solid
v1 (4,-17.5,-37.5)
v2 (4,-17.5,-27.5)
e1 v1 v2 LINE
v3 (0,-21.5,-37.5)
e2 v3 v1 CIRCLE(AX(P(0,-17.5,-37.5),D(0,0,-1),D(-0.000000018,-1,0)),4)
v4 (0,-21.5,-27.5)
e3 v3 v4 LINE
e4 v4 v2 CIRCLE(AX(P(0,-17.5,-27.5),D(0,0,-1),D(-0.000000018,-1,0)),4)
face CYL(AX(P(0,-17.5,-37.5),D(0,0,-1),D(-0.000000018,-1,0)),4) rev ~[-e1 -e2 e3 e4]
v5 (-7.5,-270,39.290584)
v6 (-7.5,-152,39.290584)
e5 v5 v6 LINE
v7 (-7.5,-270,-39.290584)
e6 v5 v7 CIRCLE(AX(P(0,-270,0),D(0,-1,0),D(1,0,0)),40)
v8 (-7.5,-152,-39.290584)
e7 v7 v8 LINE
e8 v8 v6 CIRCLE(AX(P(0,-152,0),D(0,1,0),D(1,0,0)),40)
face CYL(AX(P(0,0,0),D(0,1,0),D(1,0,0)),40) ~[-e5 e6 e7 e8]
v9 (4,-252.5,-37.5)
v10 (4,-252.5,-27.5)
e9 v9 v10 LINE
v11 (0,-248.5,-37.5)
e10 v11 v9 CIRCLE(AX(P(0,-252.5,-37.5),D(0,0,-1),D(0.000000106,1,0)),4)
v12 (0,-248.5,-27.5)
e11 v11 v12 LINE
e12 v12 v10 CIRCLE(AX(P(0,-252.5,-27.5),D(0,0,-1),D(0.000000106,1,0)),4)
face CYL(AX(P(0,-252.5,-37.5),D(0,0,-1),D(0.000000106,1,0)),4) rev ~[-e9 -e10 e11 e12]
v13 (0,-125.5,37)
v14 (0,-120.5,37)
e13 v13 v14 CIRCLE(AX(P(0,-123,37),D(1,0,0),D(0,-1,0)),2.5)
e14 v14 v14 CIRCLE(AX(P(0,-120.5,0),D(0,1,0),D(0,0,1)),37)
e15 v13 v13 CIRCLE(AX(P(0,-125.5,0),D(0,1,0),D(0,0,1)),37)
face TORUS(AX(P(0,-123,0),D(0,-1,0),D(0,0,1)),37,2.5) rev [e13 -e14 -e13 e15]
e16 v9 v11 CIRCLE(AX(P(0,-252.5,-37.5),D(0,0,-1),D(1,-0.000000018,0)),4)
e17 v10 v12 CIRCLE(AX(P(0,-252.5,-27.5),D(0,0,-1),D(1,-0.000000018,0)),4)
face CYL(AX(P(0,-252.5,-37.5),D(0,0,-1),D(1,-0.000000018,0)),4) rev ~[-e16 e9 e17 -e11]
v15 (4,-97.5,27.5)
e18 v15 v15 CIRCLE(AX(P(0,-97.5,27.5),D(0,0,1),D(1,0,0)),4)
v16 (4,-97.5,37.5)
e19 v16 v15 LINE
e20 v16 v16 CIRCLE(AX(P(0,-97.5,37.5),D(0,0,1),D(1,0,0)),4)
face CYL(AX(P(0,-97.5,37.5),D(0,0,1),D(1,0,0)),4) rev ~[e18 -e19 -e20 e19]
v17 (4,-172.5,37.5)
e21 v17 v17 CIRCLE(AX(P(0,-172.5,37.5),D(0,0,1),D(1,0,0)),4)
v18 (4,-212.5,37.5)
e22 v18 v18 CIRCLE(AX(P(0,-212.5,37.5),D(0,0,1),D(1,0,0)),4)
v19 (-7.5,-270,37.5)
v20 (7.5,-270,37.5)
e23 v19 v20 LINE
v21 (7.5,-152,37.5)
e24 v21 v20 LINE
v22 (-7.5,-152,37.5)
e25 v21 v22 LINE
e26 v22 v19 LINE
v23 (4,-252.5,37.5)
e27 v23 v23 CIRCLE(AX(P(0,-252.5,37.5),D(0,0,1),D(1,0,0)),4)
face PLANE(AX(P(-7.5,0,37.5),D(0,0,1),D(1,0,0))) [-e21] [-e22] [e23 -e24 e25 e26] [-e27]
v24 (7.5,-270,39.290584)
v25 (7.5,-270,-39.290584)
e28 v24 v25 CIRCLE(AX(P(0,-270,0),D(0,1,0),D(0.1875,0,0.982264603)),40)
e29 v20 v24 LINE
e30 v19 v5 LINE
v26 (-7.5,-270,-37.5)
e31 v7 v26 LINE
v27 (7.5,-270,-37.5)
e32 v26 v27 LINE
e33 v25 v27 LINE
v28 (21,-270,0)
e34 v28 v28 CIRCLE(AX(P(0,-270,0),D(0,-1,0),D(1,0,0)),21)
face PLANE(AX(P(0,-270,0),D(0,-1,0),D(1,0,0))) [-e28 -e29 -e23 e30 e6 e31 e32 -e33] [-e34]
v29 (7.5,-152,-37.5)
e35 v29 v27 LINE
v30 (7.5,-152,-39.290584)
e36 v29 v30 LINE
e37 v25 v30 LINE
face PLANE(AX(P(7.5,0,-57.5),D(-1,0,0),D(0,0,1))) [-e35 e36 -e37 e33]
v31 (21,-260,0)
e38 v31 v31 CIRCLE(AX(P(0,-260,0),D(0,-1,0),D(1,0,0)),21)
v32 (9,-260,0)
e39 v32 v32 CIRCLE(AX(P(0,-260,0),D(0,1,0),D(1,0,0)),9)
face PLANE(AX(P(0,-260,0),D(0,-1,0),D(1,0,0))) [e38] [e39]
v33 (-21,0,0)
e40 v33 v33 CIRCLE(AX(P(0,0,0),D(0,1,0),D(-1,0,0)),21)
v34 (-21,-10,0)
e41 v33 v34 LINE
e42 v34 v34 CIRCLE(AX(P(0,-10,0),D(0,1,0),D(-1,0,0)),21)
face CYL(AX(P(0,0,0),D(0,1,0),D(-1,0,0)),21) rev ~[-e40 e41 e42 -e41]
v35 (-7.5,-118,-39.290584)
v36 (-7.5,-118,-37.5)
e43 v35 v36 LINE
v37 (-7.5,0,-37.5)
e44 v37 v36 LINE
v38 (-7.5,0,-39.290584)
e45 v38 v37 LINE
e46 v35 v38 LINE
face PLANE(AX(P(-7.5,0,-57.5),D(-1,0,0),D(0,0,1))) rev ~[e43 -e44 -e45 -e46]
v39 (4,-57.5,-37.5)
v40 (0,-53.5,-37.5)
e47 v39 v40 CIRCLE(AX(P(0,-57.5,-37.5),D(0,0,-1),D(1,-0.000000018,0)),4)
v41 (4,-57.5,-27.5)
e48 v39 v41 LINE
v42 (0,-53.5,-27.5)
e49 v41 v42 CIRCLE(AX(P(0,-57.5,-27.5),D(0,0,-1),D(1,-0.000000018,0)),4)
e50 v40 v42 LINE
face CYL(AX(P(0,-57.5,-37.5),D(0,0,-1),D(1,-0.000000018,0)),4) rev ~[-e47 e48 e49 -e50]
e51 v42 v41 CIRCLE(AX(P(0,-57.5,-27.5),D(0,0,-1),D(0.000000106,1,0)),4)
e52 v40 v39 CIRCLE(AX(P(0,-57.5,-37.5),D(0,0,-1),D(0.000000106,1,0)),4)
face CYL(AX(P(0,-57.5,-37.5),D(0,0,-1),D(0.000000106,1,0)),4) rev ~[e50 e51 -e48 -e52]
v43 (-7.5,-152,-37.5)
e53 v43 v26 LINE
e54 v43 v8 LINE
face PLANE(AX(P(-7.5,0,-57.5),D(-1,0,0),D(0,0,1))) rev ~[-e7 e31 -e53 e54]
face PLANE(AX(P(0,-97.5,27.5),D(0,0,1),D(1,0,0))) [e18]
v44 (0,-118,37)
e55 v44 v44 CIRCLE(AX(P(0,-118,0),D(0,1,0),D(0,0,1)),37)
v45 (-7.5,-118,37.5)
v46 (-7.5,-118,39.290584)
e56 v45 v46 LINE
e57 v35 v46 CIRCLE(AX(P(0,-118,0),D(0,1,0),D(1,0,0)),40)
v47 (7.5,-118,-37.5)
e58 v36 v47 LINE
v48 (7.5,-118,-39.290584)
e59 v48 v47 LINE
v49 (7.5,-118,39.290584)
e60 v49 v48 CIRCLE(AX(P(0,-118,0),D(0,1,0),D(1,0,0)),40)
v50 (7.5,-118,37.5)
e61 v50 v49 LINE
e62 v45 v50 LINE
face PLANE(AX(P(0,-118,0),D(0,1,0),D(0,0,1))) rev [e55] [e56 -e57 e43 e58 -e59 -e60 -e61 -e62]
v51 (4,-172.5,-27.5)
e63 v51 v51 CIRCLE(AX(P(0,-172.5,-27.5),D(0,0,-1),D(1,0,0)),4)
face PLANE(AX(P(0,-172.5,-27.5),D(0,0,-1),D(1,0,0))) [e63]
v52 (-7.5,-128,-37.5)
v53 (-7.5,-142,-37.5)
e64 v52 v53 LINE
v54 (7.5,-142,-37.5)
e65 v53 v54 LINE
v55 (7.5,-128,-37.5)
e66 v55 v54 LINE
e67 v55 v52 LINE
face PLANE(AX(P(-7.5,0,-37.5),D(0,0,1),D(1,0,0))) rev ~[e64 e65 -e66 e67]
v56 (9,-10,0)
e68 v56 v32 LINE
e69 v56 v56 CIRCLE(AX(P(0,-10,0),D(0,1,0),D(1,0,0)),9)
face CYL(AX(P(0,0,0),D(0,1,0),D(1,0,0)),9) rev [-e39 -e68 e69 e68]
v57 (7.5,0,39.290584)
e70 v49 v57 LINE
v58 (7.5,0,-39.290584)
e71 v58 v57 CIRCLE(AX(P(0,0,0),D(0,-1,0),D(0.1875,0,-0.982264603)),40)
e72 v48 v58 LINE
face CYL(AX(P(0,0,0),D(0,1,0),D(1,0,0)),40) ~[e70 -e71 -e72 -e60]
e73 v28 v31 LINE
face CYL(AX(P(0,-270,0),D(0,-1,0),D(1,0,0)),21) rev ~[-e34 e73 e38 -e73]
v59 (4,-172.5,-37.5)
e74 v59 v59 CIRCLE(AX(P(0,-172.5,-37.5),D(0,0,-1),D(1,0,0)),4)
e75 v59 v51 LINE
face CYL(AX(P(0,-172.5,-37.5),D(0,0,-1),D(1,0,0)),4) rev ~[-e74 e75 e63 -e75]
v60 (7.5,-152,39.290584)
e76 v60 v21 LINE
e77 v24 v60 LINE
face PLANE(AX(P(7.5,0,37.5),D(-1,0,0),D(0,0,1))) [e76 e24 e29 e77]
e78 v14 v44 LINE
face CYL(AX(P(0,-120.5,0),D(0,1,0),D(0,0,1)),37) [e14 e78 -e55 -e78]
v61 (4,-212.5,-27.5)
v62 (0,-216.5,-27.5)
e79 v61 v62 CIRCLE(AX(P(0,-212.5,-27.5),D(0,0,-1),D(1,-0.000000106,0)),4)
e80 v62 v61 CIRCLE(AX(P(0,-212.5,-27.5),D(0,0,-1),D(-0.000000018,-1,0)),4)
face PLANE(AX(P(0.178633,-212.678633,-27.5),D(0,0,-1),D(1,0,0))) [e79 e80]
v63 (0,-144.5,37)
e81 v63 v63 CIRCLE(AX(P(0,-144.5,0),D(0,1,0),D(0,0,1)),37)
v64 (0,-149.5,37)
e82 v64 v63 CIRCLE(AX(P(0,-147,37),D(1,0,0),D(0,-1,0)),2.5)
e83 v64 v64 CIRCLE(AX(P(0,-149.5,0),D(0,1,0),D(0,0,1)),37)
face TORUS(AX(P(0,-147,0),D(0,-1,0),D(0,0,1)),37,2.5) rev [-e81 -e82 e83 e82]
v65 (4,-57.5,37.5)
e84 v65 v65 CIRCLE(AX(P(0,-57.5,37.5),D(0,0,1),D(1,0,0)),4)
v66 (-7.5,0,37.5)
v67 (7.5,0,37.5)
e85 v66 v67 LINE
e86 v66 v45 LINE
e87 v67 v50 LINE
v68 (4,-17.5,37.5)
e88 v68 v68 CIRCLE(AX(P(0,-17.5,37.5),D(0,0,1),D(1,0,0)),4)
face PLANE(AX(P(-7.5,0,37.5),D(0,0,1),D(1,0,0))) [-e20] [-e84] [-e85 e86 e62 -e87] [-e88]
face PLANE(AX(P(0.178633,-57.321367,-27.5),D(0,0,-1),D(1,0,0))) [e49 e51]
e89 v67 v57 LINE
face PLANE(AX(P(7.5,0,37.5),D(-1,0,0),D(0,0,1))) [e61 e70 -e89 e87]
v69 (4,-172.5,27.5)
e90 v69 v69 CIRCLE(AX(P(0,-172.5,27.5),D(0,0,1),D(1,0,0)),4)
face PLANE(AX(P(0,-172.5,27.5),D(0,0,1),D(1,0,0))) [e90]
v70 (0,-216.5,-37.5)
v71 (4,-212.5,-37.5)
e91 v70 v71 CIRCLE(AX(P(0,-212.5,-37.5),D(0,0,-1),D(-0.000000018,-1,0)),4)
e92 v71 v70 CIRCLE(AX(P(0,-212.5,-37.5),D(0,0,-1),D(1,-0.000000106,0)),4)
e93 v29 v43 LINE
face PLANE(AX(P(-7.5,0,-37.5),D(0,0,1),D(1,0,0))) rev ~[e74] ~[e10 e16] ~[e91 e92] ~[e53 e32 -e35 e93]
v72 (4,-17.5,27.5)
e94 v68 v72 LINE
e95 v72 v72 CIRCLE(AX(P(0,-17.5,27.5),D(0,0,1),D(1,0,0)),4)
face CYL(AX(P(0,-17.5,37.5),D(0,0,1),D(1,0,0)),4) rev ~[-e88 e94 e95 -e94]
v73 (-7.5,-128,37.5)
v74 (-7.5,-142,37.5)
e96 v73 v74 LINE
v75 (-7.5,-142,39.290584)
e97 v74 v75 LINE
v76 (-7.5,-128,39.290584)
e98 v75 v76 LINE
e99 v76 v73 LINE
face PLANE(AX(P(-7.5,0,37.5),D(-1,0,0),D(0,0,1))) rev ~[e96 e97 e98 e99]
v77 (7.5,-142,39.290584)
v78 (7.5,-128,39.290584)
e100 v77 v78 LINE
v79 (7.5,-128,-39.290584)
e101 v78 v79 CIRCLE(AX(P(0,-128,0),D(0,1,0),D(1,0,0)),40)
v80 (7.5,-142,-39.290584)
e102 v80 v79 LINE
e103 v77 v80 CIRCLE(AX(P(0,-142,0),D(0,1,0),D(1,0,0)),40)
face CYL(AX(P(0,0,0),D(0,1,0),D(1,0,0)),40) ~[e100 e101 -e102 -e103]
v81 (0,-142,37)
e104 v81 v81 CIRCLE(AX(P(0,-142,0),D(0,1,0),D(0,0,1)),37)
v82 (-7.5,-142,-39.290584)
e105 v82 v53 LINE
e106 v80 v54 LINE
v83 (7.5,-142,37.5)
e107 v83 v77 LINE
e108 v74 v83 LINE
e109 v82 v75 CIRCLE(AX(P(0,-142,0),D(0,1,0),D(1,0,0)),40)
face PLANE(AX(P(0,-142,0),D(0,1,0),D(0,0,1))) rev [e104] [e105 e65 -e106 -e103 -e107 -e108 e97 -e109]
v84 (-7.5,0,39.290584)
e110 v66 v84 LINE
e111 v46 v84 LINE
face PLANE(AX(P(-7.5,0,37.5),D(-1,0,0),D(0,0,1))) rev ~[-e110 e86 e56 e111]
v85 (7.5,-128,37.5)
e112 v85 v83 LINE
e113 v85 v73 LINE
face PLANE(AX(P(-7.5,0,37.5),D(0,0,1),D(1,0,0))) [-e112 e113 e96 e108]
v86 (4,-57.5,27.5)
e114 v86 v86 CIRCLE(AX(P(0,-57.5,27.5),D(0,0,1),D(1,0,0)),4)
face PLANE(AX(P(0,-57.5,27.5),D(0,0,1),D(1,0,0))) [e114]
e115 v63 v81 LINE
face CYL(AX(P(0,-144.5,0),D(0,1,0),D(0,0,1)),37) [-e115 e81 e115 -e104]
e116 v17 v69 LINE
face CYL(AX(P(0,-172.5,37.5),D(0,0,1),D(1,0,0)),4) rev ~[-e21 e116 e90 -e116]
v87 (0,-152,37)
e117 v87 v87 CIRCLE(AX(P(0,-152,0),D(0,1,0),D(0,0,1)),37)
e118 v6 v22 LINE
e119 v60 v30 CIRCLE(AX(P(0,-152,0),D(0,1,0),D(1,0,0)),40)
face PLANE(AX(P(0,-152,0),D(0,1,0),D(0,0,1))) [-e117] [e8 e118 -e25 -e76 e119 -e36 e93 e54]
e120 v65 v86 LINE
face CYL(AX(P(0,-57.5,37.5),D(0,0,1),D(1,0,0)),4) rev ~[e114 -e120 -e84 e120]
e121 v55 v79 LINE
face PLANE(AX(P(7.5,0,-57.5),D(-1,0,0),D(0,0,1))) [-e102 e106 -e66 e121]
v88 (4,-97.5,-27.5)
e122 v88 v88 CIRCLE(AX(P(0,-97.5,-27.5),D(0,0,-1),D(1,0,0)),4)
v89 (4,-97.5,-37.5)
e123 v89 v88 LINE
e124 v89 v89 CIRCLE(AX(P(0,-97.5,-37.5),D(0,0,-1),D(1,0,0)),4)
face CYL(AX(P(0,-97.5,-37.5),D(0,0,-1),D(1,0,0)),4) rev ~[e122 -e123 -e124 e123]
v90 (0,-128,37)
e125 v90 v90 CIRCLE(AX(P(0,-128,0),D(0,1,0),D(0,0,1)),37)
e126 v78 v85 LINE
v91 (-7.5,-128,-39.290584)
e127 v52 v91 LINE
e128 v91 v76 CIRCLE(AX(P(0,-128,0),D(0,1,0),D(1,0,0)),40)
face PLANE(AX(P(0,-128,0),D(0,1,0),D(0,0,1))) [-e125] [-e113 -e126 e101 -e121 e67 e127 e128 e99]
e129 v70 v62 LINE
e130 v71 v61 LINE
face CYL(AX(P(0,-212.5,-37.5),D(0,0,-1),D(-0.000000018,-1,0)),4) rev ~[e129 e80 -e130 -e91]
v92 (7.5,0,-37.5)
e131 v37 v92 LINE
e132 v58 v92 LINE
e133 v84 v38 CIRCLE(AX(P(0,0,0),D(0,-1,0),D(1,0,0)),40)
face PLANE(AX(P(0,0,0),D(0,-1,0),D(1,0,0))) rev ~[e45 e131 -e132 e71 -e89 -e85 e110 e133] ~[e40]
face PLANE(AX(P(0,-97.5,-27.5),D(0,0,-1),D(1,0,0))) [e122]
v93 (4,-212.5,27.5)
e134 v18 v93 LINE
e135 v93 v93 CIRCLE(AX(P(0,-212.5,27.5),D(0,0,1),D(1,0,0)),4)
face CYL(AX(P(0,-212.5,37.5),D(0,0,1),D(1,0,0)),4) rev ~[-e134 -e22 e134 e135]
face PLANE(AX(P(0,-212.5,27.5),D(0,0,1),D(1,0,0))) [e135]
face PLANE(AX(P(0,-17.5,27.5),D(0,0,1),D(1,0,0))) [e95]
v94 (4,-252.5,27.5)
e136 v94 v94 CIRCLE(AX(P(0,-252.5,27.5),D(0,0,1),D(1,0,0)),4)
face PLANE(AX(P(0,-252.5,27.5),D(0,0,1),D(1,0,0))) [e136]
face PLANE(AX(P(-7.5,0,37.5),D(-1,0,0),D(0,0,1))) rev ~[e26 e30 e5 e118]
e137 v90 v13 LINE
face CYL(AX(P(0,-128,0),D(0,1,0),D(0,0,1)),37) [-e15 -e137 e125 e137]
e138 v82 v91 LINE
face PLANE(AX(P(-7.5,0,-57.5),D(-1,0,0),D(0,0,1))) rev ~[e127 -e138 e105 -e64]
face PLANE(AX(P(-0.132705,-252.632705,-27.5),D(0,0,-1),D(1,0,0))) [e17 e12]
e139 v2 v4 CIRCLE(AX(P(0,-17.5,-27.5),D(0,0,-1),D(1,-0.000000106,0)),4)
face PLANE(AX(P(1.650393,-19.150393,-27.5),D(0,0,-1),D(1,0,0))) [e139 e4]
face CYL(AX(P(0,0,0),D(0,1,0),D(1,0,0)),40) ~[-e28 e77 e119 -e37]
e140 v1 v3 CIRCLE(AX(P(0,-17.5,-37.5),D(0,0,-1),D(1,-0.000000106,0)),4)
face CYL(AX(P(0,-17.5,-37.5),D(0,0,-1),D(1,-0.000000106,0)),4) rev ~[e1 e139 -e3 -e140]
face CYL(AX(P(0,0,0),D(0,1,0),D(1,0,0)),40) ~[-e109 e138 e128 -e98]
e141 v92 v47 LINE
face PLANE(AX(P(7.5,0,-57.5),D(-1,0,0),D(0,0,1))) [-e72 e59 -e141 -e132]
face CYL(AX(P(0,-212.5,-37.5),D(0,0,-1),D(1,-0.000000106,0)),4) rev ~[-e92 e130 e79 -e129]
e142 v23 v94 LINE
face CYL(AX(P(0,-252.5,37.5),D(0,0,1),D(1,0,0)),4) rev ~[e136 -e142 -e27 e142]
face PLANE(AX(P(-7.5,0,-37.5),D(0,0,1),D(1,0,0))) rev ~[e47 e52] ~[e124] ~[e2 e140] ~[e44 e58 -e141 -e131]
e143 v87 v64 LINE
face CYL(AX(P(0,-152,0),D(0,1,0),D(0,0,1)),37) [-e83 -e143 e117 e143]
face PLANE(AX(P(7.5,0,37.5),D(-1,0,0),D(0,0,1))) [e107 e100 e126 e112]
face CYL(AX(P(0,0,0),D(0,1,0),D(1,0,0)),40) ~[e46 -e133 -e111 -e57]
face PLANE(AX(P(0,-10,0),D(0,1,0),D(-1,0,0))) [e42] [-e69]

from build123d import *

# Parameters (mm, degrees)
F0_R      = 40
F0_R_2    = 9
F1_DEPTH  = 270
F3_W      = 15
F3_H      = 20
F4_DEPTH  = 270
F5_R      = 21
F6_DEPTH  = 10
F7_R      = 21
F8_DEPTH  = 10
F11_R     = 4
F12_DEPTH = 10
F13_R     = 4
F14_DEPTH = 10


with BuildPart() as f1:
    # F0 (on Front) → F1 (new body)
    with BuildSketch(Plane.XZ):
        Circle(F0_R)
        Circle(F0_R_2, mode=Mode.SUBTRACT)
    extrude(amount=F1_DEPTH)

    # F3 (on Front) → F4 (cut, through all)
    with BuildSketch(Plane.XZ):
        with Locations((0, 47.5)):
            Rectangle(F3_W, F3_H)
        with Locations((0, -47.5)):
            Rectangle(F3_W, F3_H)
    extrude(amount=F4_DEPTH, mode=Mode.SUBTRACT)

    # F5 (on face) → F6 (cut)
    with BuildSketch(Plane.XZ.offset(270)):
        Circle(F5_R)
    extrude(amount=-F6_DEPTH, mode=Mode.SUBTRACT)

    # F7 (on face) → F8 (cut)
    with BuildSketch(Plane(origin=(0, 0, 0), x_dir=(-1, 0, 0), z_dir=(0, 1, 0))):
        Circle(F7_R)
    extrude(amount=-F8_DEPTH, mode=Mode.SUBTRACT)

    # F9 (on Right) → F10 (revolve, cut)
    with BuildSketch(Plane.YZ):
        with BuildLine():
            Line((-120.5, 37), (-118, 37))
            Line((-118, 37), (-118, 55.05133))
            Line((-118, 55.05133), (-128, 55.05133))
            Line((-128, 55.05133), (-128, 37))
            Line((-128, 37), (-125.5, 37))
            ThreePointArc((-125.5, 37), (-123, 34.5), (-120.5, 37))
        make_face()
        with BuildLine():
            Line((-144.5, 37), (-142, 37))
            Line((-142, 37), (-142, 54.067336))
            Line((-142, 54.067336), (-152, 54.067336))
            Line((-152, 54.067336), (-152, 37))
            Line((-152, 37), (-149.5, 37))
            ThreePointArc((-149.5, 37), (-147, 34.5), (-144.5, 37))
        make_face()
    revolve(axis=Axis((0, -135, 0), (0, 1, 0)), mode=Mode.SUBTRACT)

    # F11 (on face) → F12 (cut)
    with BuildSketch(Plane.XY.offset(37.5)):
        with Locations((0, -17.5)):
            Circle(F11_R)
        with Locations((0, -57.5)):
            Circle(F11_R)
        with Locations((0, -97.5)):
            Circle(F11_R)
        with Locations((0, -252.5)):
            Circle(F11_R)
        with Locations((0, -212.5)):
            Circle(F11_R)
        with Locations((0, -172.5)):
            Circle(F11_R)
    extrude(amount=-F12_DEPTH, mode=Mode.SUBTRACT)

    # F13 (on face) → F14 (cut)
    with BuildSketch(Plane(origin=(0, 0, -37.5), x_dir=(1, 0, 0), z_dir=(0, 0, -1))):
        with BuildLine():
            Line((0, 17.5), (4, 17.5))
            ThreePointArc((4, 17.5), (2.828427, 20.328427), (0, 21.5))
            Line((0, 21.5), (0, 17.5))
        make_face()
        with BuildLine():
            ThreePointArc((4, 57.5), (-2.828427, 60.328427), (0, 53.5))
            ThreePointArc((0, 53.5), (2.828427, 54.671573), (4, 57.5))
        make_face()
        with BuildLine():
            ThreePointArc((0, 21.5), (-2.828427, 14.671573), (4, 17.5))
            Line((4, 17.5), (0, 17.5))
            Line((0, 17.5), (0, 21.5))
        make_face()
        with Locations((0, 97.5)):
            Circle(F13_R)
        with BuildLine():
            Line((0, 252.5), (4, 252.5))
            ThreePointArc((4, 252.5), (-2.828427, 255.328427), (0, 248.5))
            Line((0, 248.5), (0, 252.5))
        make_face()
        with BuildLine():
            ThreePointArc((4, 212.5), (2.828427, 215.328427), (0, 216.5))
            ThreePointArc((0, 216.5), (-2.828427, 209.671573), (4, 212.5))
        make_face()
        with BuildLine():
            ThreePointArc((0, 248.5), (2.828427, 249.671573), (4, 252.5))
            Line((4, 252.5), (0, 252.5))
            Line((0, 252.5), (0, 248.5))
        make_face()
        with Locations((0, 172.5)):
            Circle(F13_R)
    extrude(amount=-F14_DEPTH, mode=Mode.SUBTRACT)


solid = f1.part
